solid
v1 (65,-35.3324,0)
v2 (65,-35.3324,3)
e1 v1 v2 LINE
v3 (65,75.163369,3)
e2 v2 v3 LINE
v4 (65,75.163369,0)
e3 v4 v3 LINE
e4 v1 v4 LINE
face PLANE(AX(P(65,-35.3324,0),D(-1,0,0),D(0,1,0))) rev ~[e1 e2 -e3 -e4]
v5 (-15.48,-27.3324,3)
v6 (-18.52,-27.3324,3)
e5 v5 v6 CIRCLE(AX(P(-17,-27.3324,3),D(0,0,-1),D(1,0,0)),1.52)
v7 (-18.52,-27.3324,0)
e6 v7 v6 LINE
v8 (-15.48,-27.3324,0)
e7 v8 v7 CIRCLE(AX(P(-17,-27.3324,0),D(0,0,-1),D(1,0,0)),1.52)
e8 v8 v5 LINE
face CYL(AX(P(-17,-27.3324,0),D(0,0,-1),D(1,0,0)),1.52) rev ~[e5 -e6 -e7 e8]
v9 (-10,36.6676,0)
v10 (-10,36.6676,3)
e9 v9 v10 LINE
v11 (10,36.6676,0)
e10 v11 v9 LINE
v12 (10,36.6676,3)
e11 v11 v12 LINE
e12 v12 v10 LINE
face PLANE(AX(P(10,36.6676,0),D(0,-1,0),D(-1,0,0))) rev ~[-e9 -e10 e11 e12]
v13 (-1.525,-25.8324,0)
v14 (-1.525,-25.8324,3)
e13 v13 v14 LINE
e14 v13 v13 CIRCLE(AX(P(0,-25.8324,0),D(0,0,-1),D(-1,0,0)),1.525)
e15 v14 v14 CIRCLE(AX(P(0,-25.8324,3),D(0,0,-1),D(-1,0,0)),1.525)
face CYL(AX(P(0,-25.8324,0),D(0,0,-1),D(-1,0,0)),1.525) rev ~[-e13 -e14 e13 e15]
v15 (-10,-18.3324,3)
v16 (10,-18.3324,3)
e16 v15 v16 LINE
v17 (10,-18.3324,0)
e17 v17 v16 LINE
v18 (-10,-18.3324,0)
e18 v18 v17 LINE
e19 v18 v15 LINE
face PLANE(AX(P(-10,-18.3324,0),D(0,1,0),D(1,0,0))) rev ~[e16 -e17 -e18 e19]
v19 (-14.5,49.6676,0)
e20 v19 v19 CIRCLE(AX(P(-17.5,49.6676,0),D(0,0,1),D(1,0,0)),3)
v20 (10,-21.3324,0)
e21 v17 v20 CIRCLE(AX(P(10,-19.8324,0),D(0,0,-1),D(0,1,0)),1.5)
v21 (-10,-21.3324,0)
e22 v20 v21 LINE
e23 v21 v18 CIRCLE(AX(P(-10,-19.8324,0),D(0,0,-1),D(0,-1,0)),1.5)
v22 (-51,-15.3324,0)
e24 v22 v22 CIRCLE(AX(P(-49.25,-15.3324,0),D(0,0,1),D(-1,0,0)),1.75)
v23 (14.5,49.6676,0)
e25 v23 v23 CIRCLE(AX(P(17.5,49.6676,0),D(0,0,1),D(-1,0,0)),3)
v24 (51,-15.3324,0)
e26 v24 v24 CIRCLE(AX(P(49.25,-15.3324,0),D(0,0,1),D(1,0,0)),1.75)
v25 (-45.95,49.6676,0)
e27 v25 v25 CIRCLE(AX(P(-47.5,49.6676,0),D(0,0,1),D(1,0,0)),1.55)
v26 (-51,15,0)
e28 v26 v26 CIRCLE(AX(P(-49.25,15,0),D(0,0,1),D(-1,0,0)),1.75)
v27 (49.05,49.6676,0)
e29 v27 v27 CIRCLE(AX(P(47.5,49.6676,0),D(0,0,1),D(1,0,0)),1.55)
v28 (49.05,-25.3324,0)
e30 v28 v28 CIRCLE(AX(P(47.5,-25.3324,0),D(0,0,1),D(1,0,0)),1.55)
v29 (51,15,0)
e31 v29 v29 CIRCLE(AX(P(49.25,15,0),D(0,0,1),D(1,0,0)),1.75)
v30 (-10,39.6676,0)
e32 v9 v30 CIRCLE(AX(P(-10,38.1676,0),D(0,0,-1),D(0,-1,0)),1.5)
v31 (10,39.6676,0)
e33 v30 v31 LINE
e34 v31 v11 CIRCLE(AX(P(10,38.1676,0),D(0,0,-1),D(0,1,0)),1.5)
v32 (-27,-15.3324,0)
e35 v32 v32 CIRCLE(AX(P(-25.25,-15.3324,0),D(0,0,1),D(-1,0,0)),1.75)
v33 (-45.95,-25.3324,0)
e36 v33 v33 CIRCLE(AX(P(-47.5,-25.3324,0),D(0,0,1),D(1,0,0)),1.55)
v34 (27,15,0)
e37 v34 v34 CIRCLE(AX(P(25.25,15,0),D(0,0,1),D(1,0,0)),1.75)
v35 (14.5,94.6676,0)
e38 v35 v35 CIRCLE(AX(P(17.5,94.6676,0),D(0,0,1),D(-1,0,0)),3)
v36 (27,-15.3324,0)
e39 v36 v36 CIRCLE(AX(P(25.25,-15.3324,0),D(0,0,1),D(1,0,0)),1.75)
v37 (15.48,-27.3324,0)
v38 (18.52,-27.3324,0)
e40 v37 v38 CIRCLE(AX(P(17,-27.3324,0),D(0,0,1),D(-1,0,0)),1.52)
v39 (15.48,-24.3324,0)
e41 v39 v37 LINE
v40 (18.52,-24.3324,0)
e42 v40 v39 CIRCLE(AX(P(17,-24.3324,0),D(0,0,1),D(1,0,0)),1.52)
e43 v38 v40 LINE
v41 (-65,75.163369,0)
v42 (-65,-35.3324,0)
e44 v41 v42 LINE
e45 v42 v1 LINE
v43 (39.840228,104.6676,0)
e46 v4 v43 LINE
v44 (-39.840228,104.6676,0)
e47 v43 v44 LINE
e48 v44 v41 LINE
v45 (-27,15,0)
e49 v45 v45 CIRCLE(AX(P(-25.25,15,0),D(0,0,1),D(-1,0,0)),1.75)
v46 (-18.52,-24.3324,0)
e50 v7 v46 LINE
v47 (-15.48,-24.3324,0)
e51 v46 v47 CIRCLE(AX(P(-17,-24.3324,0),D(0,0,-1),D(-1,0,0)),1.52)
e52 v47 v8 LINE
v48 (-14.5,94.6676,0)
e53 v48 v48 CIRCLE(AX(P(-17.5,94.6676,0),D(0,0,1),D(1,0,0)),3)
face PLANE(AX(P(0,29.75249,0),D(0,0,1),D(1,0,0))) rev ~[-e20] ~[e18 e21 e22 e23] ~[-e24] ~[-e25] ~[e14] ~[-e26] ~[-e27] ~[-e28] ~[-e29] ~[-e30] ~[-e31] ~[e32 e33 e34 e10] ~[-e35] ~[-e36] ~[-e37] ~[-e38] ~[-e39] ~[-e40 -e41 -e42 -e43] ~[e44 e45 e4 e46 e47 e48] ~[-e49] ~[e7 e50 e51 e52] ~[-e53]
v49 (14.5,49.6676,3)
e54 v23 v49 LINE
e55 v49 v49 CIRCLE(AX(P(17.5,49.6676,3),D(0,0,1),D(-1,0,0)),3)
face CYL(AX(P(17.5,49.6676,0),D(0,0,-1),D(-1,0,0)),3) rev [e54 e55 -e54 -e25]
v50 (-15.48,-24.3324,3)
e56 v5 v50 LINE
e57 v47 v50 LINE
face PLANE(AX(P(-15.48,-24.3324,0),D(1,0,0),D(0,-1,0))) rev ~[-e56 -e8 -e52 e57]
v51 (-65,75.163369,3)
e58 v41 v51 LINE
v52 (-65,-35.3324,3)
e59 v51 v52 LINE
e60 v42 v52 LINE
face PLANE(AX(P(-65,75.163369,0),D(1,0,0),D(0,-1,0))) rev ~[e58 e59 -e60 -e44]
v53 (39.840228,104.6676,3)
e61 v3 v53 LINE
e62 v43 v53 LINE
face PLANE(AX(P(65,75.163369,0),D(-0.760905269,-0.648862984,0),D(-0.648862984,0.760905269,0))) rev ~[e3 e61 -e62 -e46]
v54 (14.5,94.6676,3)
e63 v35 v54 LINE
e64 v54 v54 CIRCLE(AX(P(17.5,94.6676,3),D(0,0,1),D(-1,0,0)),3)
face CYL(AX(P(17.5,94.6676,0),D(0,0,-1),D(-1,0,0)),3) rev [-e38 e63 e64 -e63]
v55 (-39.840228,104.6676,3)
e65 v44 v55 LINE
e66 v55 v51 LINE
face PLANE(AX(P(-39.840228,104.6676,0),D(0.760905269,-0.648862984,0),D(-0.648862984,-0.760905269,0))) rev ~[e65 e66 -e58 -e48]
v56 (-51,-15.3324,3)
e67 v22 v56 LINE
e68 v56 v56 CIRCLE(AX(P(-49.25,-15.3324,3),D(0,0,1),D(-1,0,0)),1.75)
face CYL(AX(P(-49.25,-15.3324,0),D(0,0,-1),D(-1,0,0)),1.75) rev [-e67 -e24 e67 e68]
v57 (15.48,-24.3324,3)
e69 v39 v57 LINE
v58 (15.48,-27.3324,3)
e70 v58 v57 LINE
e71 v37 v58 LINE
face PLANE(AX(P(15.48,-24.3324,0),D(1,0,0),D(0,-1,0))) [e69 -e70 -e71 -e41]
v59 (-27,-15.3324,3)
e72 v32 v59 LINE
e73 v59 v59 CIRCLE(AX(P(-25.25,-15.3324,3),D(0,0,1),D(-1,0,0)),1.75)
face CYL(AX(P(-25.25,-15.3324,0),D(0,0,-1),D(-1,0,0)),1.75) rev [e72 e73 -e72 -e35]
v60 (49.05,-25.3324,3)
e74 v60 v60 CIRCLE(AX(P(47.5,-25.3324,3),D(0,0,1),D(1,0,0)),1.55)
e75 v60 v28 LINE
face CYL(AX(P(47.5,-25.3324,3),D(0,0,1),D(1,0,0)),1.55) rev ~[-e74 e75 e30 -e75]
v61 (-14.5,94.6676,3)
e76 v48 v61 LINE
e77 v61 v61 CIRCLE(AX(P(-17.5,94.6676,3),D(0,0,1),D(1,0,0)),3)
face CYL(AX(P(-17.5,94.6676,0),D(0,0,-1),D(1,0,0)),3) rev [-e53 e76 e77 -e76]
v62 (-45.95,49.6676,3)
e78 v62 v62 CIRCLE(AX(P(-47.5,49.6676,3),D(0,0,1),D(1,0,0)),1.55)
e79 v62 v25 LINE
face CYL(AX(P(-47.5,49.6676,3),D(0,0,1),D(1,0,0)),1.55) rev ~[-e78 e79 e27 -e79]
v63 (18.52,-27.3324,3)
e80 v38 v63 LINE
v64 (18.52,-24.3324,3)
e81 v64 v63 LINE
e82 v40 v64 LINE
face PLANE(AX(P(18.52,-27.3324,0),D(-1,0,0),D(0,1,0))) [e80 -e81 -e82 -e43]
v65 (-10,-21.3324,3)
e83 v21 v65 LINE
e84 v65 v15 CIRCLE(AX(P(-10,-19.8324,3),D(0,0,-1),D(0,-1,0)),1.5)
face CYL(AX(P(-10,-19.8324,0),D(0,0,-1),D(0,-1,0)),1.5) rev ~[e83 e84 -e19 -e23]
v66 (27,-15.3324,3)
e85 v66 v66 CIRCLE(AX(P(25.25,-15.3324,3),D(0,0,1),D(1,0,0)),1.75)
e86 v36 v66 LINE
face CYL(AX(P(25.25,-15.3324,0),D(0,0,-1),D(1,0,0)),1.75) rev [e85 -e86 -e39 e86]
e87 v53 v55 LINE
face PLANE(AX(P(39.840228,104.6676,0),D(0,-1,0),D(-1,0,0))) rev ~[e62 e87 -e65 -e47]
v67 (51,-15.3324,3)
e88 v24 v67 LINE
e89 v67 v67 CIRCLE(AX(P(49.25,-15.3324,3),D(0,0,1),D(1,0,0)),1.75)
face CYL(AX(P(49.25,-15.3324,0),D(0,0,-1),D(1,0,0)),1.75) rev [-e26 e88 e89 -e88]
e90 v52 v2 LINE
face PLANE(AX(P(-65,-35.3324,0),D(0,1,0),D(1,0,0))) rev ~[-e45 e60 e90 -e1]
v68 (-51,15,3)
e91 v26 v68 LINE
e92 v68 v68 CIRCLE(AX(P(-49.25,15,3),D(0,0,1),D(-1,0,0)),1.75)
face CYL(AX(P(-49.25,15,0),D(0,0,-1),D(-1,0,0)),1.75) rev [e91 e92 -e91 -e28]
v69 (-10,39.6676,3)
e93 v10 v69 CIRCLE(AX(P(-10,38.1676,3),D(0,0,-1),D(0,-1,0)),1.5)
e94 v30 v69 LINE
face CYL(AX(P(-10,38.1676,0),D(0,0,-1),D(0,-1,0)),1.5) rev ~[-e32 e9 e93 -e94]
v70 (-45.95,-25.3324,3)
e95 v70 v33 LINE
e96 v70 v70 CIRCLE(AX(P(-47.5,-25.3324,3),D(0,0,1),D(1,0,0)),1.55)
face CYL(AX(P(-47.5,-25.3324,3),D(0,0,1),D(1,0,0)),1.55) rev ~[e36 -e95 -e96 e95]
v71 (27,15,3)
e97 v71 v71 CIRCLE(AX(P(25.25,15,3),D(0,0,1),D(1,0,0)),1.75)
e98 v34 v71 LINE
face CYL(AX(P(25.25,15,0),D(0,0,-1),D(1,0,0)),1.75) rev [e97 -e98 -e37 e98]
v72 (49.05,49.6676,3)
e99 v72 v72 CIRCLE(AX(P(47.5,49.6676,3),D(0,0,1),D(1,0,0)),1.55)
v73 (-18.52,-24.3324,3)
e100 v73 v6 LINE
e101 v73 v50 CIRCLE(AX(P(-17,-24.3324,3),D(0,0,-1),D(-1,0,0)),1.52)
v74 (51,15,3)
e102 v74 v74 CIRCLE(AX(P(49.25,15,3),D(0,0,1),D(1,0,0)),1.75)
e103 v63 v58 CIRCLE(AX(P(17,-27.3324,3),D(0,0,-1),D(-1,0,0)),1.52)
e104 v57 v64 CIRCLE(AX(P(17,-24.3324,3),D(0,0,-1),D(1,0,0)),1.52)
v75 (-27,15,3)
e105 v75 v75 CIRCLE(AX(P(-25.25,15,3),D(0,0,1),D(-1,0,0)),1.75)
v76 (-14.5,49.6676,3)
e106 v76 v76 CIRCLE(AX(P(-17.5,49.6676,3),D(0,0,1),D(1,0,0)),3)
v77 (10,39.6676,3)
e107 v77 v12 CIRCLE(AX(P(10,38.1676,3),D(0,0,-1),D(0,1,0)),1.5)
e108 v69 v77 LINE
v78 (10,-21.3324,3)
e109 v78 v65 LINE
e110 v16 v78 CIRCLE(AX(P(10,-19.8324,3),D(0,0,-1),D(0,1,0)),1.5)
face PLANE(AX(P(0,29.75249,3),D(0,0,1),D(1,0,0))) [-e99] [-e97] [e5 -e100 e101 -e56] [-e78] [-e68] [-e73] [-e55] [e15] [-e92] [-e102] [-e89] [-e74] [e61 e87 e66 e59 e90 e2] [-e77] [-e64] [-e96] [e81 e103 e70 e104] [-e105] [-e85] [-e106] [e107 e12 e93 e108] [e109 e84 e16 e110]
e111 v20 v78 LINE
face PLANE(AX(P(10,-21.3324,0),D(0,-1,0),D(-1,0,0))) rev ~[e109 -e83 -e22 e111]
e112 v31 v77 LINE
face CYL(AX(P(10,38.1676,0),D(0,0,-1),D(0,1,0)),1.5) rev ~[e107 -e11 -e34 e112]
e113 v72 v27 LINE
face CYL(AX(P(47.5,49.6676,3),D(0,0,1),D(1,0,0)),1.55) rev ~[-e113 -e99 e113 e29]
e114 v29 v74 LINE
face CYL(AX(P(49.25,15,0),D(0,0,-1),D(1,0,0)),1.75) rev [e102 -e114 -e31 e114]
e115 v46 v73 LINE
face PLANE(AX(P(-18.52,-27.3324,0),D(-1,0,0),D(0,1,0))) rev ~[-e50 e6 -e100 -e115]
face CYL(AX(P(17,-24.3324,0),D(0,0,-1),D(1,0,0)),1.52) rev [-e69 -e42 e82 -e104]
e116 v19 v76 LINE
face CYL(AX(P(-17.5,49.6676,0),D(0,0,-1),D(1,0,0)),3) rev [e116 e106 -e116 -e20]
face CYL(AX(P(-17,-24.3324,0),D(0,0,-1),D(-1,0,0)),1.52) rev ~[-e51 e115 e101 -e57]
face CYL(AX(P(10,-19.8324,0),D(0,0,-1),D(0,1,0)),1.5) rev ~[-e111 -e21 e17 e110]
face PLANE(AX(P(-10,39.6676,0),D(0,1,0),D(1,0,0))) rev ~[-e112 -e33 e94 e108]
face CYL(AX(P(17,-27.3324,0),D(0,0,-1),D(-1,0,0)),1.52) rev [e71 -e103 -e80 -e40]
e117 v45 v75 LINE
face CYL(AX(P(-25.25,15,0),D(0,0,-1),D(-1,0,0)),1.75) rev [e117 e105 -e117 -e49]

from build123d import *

# Parameters (mm, degrees)
SKETCH_1_R          = 1.75
SKETCH_1_R_2        = 3
EXTRUDE_1_DEPTH     = 3
SKETCH_3_R          = 1.525
CUT_EXTRUDE_2_DEPTH = 10
SKETCH_5_R          = 1.55
CUT_EXTRUDE_3_DEPTH = 10


with BuildPart() as part:
    # 草图1 → 凸台-拉伸1 (new body)
    with BuildSketch(Plane.XY):
        Polygon((65, -25), (65, 75.163369284), (39.840227583, 104.667600302), (-39.840227583, 104.667600302), (-65, 75.163369284), (-65, -25), (-65, -35.332399698), (65, -35.332399698), align=None)
        with Locations((49.25, -15.332399698)):
            Circle(SKETCH_1_R, mode=Mode.SUBTRACT)
        with Locations((25.25, -15.332399698)):
            Circle(SKETCH_1_R, mode=Mode.SUBTRACT)
        with Locations((25.25, 15)):
            Circle(SKETCH_1_R, mode=Mode.SUBTRACT)
        with Locations((49.25, 15)):
            Circle(SKETCH_1_R, mode=Mode.SUBTRACT)
        with Locations(Location((-49.25, 15, 0), (0, 0, 180))):
            Circle(SKETCH_1_R, mode=Mode.SUBTRACT)
        with Locations(Location((-25.25, 15, 0), (0, 0, 180))):
            Circle(SKETCH_1_R, mode=Mode.SUBTRACT)
        with Locations(Location((-25.25, -15.332399698, 0), (0, 0, 180))):
            Circle(SKETCH_1_R, mode=Mode.SUBTRACT)
        with Locations(Location((-49.25, -15.332399698, 0), (0, 0, 180))):
            Circle(SKETCH_1_R, mode=Mode.SUBTRACT)
        with Locations((-17.5, 94.667600302)):
            Circle(SKETCH_1_R_2, mode=Mode.SUBTRACT)
        with Locations(Location((17.5, 94.667600302, 0), (0, 0, 180))):
            Circle(SKETCH_1_R_2, mode=Mode.SUBTRACT)
        with Locations((-17.5, 49.667600302)):
            Circle(SKETCH_1_R_2, mode=Mode.SUBTRACT)
        with Locations(Location((17.5, 49.667600302, 0), (0, 0, 180))):
            Circle(SKETCH_1_R_2, mode=Mode.SUBTRACT)
        with BuildLine():
            Line((-10, 39.667600302), (10, 39.667600302))
            ThreePointArc((10, 39.667600302), (11.5, 38.167600302), (10, 36.667600302))
            Line((10, 36.667600302), (-10, 36.667600302))
            ThreePointArc((-10, 36.667600302), (-11.5, 38.167600302), (-10, 39.667600302))
        make_face(mode=Mode.SUBTRACT)
        with BuildLine():
            Line((-10, -18.332399698), (10, -18.332399698))
            ThreePointArc((10, -18.332399698), (11.5, -19.832399698), (10, -21.332399698))
            Line((10, -21.332399698), (-10, -21.332399698))
            ThreePointArc((-10, -21.332399698), (-11.5, -19.832399698), (-10, -18.332399698))
        make_face(mode=Mode.SUBTRACT)
    extrude(amount=EXTRUDE_1_DEPTH)

    # 草图3 → 切除-拉伸2 (cut)
    with BuildSketch(Plane(origin=(0, 0, 0), x_dir=(-1, 0, 0), z_dir=(0, 0, -1))):
        with Locations((0, -25.832399698)):
            Circle(SKETCH_3_R)
        with BuildLine():
            Line((-18.52, -27.332399698), (-18.52, -24.332399698))
            ThreePointArc((-18.52, -24.332399698), (-17, -22.812399698), (-15.48, -24.332399698))
            Line((-15.48, -24.332399698), (-15.48, -27.332399698))
            ThreePointArc((-15.48, -27.332399698), (-17, -28.852399698), (-18.52, -27.332399698))
        make_face()
        with BuildLine():
            Line((18.52, -27.332399698), (18.52, -24.332399698))
            ThreePointArc((18.52, -24.332399698), (17, -22.812399698), (15.48, -24.332399698))
            Line((15.48, -24.332399698), (15.48, -27.332399698))
            ThreePointArc((15.48, -27.332399698), (17, -28.852399698), (18.52, -27.332399698))
        make_face()
    extrude(amount=-CUT_EXTRUDE_2_DEPTH, mode=Mode.SUBTRACT)

    # 草图5 → 切除-拉伸3 (cut)
    with BuildSketch(Plane.XY.offset(3)):
        with Locations((-47.5, 49.667600302)):
            Circle(SKETCH_5_R)
        with Locations((47.5, 49.667600302)):
            Circle(SKETCH_5_R)
        with Locations((-47.5, -25.332399698)):
            Circle(SKETCH_5_R)
        with Locations((47.5, -25.332399698)):
            Circle(SKETCH_5_R)
    extrude(amount=-CUT_EXTRUDE_3_DEPTH, mode=Mode.SUBTRACT)


solid = part.part
